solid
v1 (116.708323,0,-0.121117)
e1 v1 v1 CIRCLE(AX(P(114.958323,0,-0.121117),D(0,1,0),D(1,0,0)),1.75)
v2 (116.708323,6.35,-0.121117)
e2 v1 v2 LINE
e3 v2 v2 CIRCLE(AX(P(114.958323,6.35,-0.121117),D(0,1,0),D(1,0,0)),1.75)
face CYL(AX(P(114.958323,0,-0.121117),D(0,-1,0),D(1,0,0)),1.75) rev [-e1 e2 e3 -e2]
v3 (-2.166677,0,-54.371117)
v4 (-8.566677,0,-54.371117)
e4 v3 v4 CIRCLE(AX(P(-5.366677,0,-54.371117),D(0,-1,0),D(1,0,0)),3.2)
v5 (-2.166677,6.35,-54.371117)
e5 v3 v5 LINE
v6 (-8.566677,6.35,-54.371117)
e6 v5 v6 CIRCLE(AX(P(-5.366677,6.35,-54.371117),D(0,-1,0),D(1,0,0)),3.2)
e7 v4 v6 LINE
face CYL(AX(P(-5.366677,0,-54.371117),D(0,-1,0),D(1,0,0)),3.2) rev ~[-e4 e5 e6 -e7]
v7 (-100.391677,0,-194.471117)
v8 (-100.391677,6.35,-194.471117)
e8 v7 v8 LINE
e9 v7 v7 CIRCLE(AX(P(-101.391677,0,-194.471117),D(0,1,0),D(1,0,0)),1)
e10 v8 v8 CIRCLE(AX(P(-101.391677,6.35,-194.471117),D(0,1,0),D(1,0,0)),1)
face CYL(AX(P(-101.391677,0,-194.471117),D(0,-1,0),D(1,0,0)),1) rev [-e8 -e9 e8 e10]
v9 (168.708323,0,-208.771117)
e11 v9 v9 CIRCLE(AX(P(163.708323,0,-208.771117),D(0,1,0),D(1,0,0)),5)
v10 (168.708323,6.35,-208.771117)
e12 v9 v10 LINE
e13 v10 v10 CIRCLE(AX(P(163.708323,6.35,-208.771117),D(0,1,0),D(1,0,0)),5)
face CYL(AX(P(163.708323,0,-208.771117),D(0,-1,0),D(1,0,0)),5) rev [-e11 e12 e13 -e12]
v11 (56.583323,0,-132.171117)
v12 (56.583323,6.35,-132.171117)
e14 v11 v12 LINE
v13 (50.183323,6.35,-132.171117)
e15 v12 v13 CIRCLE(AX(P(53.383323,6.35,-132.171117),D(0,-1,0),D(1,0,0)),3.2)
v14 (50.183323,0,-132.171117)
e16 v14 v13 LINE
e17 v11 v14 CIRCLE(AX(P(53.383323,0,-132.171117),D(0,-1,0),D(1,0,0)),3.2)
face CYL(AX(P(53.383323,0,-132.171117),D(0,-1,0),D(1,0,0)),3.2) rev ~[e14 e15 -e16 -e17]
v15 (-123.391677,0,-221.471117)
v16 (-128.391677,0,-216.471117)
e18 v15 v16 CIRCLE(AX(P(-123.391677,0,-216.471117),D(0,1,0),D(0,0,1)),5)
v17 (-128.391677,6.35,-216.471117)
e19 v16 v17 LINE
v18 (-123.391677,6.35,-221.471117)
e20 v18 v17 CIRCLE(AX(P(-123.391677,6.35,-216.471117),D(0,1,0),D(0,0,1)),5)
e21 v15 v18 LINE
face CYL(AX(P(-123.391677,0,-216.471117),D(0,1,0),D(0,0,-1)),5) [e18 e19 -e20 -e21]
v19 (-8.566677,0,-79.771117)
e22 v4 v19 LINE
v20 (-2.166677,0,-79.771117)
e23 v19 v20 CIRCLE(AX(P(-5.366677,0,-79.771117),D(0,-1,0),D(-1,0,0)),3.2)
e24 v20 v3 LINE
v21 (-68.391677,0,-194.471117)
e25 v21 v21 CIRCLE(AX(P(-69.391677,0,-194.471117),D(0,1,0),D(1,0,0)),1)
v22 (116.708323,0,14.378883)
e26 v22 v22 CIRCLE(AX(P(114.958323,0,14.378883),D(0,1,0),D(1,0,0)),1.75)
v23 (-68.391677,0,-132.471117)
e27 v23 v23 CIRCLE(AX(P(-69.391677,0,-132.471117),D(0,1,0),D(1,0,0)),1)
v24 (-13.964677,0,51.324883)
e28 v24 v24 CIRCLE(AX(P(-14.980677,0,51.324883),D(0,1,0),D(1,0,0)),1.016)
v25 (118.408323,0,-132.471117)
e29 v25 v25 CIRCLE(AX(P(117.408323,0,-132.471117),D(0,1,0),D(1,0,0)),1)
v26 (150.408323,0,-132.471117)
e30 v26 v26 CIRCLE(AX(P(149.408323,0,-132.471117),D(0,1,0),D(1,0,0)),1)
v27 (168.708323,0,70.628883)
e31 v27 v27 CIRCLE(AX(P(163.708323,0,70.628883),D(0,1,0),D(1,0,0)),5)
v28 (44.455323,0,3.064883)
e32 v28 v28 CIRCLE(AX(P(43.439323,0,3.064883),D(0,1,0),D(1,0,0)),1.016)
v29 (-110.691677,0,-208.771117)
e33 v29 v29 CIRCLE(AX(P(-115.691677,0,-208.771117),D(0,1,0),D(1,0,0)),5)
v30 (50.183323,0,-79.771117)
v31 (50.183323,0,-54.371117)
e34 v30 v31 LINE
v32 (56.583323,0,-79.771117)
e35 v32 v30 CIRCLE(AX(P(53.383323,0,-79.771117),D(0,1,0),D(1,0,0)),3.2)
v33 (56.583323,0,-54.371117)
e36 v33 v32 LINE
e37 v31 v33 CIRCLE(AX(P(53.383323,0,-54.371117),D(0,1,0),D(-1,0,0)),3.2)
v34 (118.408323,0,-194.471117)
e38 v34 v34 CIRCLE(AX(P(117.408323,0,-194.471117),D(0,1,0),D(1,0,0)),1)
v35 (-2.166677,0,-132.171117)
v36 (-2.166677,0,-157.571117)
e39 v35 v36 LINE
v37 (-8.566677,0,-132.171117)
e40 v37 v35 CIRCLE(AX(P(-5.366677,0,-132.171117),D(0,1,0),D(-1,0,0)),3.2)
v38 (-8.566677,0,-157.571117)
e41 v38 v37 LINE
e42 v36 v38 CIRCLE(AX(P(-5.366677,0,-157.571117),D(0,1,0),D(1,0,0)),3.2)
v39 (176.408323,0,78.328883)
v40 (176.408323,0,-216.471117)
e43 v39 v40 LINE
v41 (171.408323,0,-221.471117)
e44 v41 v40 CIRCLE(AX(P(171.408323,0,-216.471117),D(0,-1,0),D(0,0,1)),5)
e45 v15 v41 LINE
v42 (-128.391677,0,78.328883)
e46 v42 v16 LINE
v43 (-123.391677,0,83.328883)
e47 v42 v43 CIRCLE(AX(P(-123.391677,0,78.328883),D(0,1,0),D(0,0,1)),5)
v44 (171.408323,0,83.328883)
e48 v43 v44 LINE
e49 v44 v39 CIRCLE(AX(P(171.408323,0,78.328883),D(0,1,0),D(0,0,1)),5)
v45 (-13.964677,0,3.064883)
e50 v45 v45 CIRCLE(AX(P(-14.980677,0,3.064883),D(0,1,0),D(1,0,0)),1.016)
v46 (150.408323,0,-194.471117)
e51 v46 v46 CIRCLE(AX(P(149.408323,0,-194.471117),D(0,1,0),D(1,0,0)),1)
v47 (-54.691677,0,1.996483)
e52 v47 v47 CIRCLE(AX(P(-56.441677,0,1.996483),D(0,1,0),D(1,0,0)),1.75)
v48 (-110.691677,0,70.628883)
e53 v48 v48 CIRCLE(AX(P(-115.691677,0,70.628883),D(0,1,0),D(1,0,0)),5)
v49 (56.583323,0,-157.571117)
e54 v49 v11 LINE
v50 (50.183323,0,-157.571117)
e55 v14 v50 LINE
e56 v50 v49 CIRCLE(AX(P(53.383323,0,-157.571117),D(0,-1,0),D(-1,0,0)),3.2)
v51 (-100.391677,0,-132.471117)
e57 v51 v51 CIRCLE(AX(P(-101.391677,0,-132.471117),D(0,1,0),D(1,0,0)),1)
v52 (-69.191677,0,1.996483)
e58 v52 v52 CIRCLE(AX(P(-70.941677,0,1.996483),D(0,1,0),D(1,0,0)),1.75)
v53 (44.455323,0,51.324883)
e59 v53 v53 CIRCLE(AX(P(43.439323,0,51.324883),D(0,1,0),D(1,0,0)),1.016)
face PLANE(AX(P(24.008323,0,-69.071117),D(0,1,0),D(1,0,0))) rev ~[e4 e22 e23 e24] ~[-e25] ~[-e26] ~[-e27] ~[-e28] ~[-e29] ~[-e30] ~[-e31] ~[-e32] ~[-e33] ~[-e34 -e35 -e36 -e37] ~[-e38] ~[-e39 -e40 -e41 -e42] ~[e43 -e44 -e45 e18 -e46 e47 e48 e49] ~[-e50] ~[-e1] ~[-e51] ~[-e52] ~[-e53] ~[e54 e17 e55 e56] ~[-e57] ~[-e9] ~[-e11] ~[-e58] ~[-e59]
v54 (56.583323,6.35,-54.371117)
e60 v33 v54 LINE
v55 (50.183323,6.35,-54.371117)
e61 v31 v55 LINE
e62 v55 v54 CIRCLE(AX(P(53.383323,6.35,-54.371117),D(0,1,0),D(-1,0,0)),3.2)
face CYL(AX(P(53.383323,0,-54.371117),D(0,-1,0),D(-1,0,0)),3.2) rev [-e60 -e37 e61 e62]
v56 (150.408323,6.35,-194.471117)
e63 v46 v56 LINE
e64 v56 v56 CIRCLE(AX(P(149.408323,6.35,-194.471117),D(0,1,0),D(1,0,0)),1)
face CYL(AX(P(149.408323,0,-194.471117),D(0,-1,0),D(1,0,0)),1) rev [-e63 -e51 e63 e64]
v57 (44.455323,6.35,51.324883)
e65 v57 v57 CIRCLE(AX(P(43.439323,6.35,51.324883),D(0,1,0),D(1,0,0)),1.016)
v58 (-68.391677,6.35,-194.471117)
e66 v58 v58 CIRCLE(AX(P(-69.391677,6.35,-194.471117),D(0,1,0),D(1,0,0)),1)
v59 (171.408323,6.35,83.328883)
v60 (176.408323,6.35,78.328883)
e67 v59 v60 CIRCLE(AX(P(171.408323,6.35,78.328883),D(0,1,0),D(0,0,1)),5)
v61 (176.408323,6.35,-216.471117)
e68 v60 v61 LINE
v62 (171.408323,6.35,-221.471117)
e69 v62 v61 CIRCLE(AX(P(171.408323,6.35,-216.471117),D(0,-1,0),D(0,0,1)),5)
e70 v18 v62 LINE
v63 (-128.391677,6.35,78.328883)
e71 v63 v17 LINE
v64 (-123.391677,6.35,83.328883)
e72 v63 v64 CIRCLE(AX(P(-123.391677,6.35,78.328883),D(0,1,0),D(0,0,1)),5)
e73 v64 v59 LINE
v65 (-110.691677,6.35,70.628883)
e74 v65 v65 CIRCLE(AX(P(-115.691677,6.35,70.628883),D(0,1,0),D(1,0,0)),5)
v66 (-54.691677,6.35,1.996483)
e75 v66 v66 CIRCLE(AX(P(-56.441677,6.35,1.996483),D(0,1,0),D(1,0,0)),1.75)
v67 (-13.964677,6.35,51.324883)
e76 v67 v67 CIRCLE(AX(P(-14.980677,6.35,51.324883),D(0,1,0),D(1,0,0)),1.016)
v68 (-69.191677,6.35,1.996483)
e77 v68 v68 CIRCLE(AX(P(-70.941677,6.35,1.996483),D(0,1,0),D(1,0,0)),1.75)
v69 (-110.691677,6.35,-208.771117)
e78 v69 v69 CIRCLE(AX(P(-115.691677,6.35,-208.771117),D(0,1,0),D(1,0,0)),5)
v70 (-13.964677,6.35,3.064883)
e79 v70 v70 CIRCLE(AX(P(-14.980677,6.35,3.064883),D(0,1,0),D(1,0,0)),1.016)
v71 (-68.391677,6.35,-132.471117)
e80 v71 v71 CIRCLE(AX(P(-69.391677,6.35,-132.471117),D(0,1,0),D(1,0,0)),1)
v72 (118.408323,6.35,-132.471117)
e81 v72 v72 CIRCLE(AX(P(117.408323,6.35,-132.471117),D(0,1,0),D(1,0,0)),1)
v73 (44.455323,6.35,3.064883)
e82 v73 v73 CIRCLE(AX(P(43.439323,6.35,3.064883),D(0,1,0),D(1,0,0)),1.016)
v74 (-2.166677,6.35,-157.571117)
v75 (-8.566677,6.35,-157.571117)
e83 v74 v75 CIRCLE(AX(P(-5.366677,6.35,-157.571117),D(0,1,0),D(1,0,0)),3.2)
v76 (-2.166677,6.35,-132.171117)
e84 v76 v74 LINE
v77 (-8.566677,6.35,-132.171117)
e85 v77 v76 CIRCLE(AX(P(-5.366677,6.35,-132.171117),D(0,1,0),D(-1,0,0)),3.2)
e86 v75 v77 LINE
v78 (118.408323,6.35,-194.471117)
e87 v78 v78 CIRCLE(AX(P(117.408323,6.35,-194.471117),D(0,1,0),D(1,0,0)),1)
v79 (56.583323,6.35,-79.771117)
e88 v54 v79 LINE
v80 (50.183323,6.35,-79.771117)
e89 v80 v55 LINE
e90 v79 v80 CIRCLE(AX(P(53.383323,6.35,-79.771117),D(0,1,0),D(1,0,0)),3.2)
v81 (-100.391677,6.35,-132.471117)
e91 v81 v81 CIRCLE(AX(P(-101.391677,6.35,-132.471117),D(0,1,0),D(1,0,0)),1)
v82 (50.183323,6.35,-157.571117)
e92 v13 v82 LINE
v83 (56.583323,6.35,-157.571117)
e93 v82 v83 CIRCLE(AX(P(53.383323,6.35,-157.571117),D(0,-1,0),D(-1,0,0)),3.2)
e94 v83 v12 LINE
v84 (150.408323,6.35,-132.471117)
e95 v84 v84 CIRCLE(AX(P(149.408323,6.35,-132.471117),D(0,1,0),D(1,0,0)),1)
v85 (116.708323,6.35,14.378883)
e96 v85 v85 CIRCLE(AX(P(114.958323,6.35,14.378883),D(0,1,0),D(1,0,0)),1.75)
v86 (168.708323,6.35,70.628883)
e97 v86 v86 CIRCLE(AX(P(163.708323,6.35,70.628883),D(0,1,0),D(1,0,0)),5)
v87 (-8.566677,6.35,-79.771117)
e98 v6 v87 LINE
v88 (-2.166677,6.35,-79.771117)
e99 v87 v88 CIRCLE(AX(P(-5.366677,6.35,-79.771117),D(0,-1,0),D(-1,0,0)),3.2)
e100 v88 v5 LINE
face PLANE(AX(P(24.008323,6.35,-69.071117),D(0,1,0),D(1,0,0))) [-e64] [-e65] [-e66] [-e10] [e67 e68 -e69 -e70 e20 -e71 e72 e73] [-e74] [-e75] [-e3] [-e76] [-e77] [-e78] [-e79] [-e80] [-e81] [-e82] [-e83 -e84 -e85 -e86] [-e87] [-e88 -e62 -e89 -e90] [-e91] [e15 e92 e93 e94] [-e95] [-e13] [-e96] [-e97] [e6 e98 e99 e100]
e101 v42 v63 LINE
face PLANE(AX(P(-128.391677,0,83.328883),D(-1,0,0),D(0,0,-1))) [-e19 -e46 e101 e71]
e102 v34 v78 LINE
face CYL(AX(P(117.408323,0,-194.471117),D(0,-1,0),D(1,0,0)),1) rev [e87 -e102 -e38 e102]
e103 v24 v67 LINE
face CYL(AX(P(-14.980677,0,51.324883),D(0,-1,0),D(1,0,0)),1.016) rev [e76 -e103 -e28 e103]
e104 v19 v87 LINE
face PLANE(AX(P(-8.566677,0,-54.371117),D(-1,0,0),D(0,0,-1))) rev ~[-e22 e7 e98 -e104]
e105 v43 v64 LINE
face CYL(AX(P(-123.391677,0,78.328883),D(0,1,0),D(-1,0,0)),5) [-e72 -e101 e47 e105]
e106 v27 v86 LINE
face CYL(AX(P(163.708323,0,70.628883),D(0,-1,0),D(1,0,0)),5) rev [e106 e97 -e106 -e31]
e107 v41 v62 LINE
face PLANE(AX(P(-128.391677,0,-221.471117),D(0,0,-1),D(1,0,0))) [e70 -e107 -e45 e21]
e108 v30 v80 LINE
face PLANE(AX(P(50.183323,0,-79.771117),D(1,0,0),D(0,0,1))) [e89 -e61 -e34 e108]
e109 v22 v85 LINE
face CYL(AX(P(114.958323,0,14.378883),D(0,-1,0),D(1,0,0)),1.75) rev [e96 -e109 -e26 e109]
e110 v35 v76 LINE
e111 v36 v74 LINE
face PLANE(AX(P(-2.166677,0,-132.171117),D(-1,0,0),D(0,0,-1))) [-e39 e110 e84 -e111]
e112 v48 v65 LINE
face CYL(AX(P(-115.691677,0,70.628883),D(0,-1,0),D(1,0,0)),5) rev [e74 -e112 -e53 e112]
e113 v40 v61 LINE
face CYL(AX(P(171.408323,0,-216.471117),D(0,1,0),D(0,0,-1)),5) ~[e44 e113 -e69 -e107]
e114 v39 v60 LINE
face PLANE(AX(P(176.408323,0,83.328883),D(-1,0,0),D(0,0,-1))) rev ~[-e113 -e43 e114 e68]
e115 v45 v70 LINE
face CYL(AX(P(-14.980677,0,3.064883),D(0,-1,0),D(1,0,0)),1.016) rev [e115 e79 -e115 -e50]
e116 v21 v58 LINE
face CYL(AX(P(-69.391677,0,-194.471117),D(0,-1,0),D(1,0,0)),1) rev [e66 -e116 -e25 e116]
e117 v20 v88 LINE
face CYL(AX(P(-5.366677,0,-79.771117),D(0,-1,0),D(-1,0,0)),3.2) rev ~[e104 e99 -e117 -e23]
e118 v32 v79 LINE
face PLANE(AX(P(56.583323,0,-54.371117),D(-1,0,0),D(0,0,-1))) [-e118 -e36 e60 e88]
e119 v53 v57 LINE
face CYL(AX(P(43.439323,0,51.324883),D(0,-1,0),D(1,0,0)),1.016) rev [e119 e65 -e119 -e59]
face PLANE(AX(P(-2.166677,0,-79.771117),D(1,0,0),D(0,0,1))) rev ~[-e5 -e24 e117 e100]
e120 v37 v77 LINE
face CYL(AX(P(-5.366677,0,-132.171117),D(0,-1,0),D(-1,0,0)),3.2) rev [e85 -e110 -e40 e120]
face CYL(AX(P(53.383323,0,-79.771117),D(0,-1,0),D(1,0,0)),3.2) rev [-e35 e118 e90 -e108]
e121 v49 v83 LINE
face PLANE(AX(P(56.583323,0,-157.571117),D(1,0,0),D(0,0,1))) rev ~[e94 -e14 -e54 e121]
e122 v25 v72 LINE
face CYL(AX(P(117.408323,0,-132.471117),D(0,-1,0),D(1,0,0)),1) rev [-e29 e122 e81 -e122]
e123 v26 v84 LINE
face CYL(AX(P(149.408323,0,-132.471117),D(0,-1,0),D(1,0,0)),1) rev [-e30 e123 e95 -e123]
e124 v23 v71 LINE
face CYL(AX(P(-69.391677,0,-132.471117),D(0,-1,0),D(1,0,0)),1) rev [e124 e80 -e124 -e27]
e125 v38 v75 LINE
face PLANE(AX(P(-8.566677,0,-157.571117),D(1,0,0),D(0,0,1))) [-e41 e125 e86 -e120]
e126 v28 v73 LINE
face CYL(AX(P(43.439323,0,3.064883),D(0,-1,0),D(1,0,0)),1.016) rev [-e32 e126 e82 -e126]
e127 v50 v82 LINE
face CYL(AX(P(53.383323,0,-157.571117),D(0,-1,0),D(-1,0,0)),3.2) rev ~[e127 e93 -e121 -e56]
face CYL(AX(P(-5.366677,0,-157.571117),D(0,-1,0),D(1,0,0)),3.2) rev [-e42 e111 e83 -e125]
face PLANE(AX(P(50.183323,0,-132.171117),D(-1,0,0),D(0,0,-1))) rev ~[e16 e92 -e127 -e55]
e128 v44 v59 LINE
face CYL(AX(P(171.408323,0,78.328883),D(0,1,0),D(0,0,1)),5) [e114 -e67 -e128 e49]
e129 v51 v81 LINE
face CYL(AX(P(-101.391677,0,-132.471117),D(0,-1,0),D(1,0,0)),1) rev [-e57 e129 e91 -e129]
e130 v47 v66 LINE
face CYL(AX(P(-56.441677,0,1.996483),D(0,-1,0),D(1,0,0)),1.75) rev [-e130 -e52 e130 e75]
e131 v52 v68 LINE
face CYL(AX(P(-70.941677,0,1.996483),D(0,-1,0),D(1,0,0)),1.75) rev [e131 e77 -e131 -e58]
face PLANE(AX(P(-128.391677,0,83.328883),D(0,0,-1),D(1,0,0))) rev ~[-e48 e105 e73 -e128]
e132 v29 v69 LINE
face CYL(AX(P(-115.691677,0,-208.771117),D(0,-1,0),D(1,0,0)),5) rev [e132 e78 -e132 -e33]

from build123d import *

# Parameters (mm, degrees)
SKETCH2_W           = 304.8
SKETCH2_H           = 304.8
SKETCH2_R           = 1
SKETCH2_R_2         = 1.75
SKETCH2_R_3         = 5
SKETCH2_R_4         = 1.016
BOSS_EXTRUDE1_DEPTH = 6.35
FILLET1_R           = 5
FILLET2_R           = 5
FILLET3_R           = 5
FILLET4_R           = 5


with BuildPart() as part:
    # Sketch2 → Boss-Extrude1 (new body)
    with BuildSketch(Plane(origin=(0, 0, 0), x_dir=(1, 0, 0), z_dir=(0, 1, 0))):
        with Locations((24.008323043, 69.071116712)):
            Rectangle(SKETCH2_W, SKETCH2_H)
        with Locations((-101.391676957, 132.471116712)):
            Circle(SKETCH2_R, mode=Mode.SUBTRACT)
        with Locations((-69.391676957, 132.471116712)):
            Circle(SKETCH2_R, mode=Mode.SUBTRACT)
        with Locations((-101.391676957, 194.471116712)):
            Circle(SKETCH2_R, mode=Mode.SUBTRACT)
        with Locations((-69.391676957, 194.471116712)):
            Circle(SKETCH2_R, mode=Mode.SUBTRACT)
        with Locations((149.408323043, 132.471116712)):
            Circle(SKETCH2_R, mode=Mode.SUBTRACT)
        with Locations((117.408323043, 132.471116712)):
            Circle(SKETCH2_R, mode=Mode.SUBTRACT)
        with Locations((117.408323043, 194.471116712)):
            Circle(SKETCH2_R, mode=Mode.SUBTRACT)
        with Locations((149.408323043, 194.471116712)):
            Circle(SKETCH2_R, mode=Mode.SUBTRACT)
        with Locations((114.958323043, 0.121116712)):
            Circle(SKETCH2_R_2, mode=Mode.SUBTRACT)
        with Locations((114.958323043, -14.378883288)):
            Circle(SKETCH2_R_2, mode=Mode.SUBTRACT)
        with Locations((-70.941676957, -1.996483288)):
            Circle(SKETCH2_R_2, mode=Mode.SUBTRACT)
        with Locations((-56.441676957, -1.996483288)):
            Circle(SKETCH2_R_2, mode=Mode.SUBTRACT)
        with Locations((163.708323043, 208.771116712)):
            Circle(SKETCH2_R_3, mode=Mode.SUBTRACT)
        with Locations((-115.691676957, 208.771116712)):
            Circle(SKETCH2_R_3, mode=Mode.SUBTRACT)
        with Locations((163.708323043, -70.628883288)):
            Circle(SKETCH2_R_3, mode=Mode.SUBTRACT)
        with Locations((-115.691676957, -70.628883288)):
            Circle(SKETCH2_R_3, mode=Mode.SUBTRACT)
        with Locations((43.439323043, -3.064883288)):
            Circle(SKETCH2_R_4, mode=Mode.SUBTRACT)
        with Locations((43.439323043, -51.324883288)):
            Circle(SKETCH2_R_4, mode=Mode.SUBTRACT)
        with Locations((-14.980676957, -3.064883288)):
            Circle(SKETCH2_R_4, mode=Mode.SUBTRACT)
        with Locations((-14.980676957, -51.324883288)):
            Circle(SKETCH2_R_4, mode=Mode.SUBTRACT)
        with BuildLine():
            Line((56.583323043, 54.371116712), (56.583323043, 79.771116712))
            ThreePointArc((56.583323043, 79.771116712), (53.383323043, 82.971116712), (50.183323043, 79.771116712))
            Line((50.183323043, 79.771116712), (50.183323043, 54.371116712))
            ThreePointArc((50.183323043, 54.371116712), (53.383323043, 51.171116712), (56.583323043, 54.371116712))
        make_face(mode=Mode.SUBTRACT)
        with BuildLine():
            Line((56.583323043, 157.571116712), (56.583323043, 132.171116712))
            ThreePointArc((56.583323043, 132.171116712), (53.383323043, 128.971116712), (50.183323043, 132.171116712))
            Line((50.183323043, 132.171116712), (50.183323043, 157.571116712))
            ThreePointArc((50.183323043, 157.571116712), (53.383323043, 160.771116712), (56.583323043, 157.571116712))
        make_face(mode=Mode.SUBTRACT)
        with BuildLine():
            Line((-8.566676957, 157.571116712), (-8.566676957, 132.171116712))
            ThreePointArc((-8.566676957, 132.171116712), (-5.366676957, 128.971116712), (-2.166676957, 132.171116712))
            Line((-2.166676957, 132.171116712), (-2.166676957, 157.571116712))
            ThreePointArc((-2.166676957, 157.571116712), (-5.366676957, 160.771116712), (-8.566676957, 157.571116712))
        make_face(mode=Mode.SUBTRACT)
        with BuildLine():
            Line((-8.566676957, 54.371116712), (-8.566676957, 79.771116712))
            ThreePointArc((-8.566676957, 79.771116712), (-5.366676957, 82.971116712), (-2.166676957, 79.771116712))
            Line((-2.166676957, 79.771116712), (-2.166676957, 54.371116712))
            ThreePointArc((-2.166676957, 54.371116712), (-5.366676957, 51.171116712), (-8.566676957, 54.371116712))
        make_face(mode=Mode.SUBTRACT)
    extrude(amount=BOSS_EXTRUDE1_DEPTH)

    # Fillet1
    fillet1_edges = [part.edges().sort_by_distance(p)[0] for p in [
        (176.408323043, 3.175, -221.471116712),
    ]]
    fillet(fillet1_edges, radius=FILLET1_R)

    # Fillet2
    fillet2_edges = [part.edges().sort_by_distance(p)[0] for p in [
        (-128.391676957, 3.175, -221.471116712),
    ]]
    fillet(fillet2_edges, radius=FILLET2_R)

    # Fillet3
    fillet3_edges = [part.edges().sort_by_distance(p)[0] for p in [
        (-128.391676957, 3.175, 83.328883288),
    ]]
    fillet(fillet3_edges, radius=FILLET3_R)

    # Fillet4
    fillet4_edges = [part.edges().sort_by_distance(p)[0] for p in [
        (176.408323043, 3.175, 83.328883288),
    ]]
    fillet(fillet4_edges, radius=FILLET4_R)


solid = part.part
